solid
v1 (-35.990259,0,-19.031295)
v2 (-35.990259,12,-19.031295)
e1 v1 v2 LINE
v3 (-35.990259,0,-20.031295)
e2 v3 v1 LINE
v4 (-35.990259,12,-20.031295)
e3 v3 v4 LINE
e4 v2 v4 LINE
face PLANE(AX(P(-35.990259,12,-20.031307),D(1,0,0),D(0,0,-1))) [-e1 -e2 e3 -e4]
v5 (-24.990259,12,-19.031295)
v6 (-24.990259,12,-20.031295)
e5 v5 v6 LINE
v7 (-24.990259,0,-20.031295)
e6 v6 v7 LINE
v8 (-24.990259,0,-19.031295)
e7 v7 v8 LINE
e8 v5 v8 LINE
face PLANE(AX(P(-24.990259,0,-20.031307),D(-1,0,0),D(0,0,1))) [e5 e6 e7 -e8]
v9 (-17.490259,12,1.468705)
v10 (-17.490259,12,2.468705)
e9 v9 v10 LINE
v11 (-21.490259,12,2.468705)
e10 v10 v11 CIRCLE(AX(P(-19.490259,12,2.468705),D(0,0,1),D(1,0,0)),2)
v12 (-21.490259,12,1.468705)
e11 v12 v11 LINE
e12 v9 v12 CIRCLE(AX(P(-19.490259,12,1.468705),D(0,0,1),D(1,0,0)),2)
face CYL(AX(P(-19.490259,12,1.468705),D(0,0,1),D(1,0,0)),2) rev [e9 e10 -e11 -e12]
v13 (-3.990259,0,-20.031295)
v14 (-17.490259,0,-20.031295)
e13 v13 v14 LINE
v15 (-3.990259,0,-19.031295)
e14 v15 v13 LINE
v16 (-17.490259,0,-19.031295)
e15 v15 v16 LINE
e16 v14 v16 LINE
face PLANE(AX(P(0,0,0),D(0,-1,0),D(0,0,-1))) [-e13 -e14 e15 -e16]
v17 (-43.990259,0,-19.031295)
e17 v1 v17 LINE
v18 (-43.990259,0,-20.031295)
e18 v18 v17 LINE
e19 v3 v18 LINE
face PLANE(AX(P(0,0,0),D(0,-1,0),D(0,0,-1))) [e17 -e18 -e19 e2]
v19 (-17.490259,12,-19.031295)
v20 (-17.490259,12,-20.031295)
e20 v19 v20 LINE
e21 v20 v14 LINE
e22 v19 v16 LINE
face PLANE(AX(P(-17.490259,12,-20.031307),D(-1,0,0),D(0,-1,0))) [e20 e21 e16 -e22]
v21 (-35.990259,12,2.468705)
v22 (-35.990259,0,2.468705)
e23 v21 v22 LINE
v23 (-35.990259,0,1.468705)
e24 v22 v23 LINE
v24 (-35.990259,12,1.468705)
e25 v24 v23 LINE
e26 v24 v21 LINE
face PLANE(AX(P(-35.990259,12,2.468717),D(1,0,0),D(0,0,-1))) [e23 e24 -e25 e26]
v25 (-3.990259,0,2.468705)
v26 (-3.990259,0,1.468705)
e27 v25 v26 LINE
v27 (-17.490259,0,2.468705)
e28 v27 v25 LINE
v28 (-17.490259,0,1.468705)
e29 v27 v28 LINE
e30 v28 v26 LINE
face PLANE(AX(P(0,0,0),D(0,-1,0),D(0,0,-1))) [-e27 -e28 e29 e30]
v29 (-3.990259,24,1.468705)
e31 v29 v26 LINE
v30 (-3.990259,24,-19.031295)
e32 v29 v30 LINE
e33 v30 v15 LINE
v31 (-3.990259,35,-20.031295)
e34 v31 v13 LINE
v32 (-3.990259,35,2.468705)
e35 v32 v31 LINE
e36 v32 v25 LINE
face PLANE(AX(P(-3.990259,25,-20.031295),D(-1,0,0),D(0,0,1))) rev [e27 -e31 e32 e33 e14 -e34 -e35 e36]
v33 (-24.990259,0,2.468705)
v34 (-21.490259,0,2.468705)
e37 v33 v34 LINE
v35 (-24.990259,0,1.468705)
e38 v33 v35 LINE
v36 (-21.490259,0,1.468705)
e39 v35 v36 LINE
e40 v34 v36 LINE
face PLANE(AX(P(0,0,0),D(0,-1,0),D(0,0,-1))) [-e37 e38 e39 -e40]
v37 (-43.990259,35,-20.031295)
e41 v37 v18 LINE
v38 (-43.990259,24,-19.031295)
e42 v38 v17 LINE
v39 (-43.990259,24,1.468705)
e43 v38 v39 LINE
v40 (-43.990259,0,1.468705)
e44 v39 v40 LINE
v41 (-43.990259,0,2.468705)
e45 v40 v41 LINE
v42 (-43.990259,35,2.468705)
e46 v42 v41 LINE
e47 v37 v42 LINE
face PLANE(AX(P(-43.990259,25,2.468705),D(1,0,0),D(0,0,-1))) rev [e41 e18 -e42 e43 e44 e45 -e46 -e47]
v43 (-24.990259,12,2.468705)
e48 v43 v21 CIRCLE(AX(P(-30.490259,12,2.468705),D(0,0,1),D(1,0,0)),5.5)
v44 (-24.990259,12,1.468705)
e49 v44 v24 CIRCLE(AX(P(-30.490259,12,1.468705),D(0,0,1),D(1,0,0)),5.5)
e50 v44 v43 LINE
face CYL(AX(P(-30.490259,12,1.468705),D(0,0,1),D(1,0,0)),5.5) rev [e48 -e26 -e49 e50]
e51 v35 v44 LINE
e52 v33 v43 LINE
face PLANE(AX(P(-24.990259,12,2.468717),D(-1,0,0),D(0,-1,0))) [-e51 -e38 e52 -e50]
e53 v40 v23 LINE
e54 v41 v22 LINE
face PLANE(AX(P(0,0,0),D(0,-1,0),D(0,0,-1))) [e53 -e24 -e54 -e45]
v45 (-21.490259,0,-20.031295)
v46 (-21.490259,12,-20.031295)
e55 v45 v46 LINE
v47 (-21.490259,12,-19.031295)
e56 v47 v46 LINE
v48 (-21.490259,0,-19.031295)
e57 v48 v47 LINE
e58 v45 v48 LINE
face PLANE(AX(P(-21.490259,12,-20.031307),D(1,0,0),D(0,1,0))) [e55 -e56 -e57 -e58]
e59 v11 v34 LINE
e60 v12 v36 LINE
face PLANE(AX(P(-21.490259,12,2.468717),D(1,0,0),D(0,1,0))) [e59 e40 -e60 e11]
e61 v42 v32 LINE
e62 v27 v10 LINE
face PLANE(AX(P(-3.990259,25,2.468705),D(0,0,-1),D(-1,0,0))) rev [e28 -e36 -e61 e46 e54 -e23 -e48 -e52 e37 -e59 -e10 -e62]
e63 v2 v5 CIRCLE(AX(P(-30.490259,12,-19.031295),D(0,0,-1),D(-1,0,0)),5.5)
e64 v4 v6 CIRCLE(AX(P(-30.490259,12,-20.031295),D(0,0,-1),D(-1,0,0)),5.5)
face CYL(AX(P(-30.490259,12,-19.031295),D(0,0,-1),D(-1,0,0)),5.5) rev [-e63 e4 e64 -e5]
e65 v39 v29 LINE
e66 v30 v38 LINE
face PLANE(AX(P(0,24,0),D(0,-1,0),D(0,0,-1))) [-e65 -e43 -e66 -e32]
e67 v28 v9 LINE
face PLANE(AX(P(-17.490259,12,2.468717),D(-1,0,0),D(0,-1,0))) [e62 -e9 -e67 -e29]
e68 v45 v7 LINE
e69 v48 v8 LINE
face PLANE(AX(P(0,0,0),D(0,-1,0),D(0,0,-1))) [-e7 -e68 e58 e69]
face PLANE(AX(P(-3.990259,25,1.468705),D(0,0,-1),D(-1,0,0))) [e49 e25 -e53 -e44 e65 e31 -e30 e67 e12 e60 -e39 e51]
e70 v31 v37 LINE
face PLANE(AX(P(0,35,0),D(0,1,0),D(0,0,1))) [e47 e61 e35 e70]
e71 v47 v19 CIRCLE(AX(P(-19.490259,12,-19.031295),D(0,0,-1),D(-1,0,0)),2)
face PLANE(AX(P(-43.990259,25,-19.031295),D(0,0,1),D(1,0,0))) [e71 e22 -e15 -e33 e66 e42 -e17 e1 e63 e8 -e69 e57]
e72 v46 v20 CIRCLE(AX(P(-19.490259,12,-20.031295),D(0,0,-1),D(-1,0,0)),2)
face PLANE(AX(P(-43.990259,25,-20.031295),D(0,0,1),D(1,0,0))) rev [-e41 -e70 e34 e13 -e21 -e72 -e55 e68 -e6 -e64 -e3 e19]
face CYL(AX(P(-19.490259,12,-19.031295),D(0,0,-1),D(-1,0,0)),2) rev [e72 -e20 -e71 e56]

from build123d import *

# Parameters (mm, degrees)
SKETCH_2_W                = 40
SKETCH_2_H                = 22.5
EXTRUDE_2_DEPTH           = 25
SHELL_3_T                 = -1
CUT_EXTRUDE_2_DEPTH       = 56.37502058
CUT_EXTRUDE_2_DEPTH_BACK  = 1
CUT_EXTRUDE_10_DEPTH      = 56.37502058
CUT_EXTRUDE_10_DEPTH_BACK = 1
SKETCH_6_W                = 40
SKETCH_6_H                = 22.5
EXTRUDE_3_DEPTH           = 10


with BuildPart() as part:
    # 草图2 → 凸台-拉伸2 (new body)
    with BuildSketch(Plane(origin=(0, 0, 0), x_dir=(1, 0, 0), z_dir=(0, 1, 0))):
        with Locations((-23.990259198, 8.7812953)):
            Rectangle(SKETCH_2_W, SKETCH_2_H)
    extrude(amount=EXTRUDE_2_DEPTH)

    # 抽壳3
    shell_3_openings = [part.faces().sort_by_distance(p)[0] for p in [
        (-23.990259198, 0, -8.7812953),
        (-3.990259198, 12.5, -8.7812953),
        (-43.990259198, 12.5, -8.7812953),
    ]]
    offset(amount=SHELL_3_T, openings=shell_3_openings, kind=Kind.INTERSECTION)

    # 草图4 → 切除-拉伸2 (cut, two sides: drawn at the far end of the back side and taken through both)
    with BuildSketch(Plane.XY.offset(2.4687047).offset(-CUT_EXTRUDE_2_DEPTH_BACK)):
        with BuildLine():
            Line((-24.990259198, 12), (-24.990259198, 0))
            Line((-24.990259198, 0), (-35.990259198, 0))
            Line((-35.990259198, 0), (-35.990259198, 12))
            ThreePointArc((-35.990259198, 12), (-30.490259198, 17.5), (-24.990259198, 12))
        make_face()
        with BuildLine():
            Line((-21.490259198, 12), (-21.490259198, 0))
            Line((-21.490259198, 0), (-17.490259198, 0))
            Line((-17.490259198, 0), (-17.490259198, 12))
            ThreePointArc((-17.490259198, 12), (-19.490259198, 14), (-21.490259198, 12))
        make_face()
    extrude(amount=CUT_EXTRUDE_2_DEPTH + CUT_EXTRUDE_2_DEPTH_BACK, mode=Mode.SUBTRACT)

    # 草图5 → 切除-拉伸10 (cut, two sides: drawn at the far end of the back side and taken through both)
    with BuildSketch(Plane(origin=(0, 0, -20.0312953), x_dir=(-1, 0, 0), z_dir=(0, 0, -1)).offset(-CUT_EXTRUDE_10_DEPTH_BACK)):
        with BuildLine():
            Line((35.990259198, 12), (35.990259198, 0))
            Line((35.990259198, 0), (24.990259198, 0))
            Line((24.990259198, 0), (24.990259198, 12))
            ThreePointArc((24.990259198, 12), (30.490259198, 17.5), (35.990259198, 12))
        make_face()
        with BuildLine():
            Line((17.490259198, 12), (17.490259198, 0))
            Line((17.490259198, 0), (21.490259198, 0))
            Line((21.490259198, 0), (21.490259198, 12))
            ThreePointArc((21.490259198, 12), (19.490259198, 14), (17.490259198, 12))
        make_face()
    extrude(amount=CUT_EXTRUDE_10_DEPTH + CUT_EXTRUDE_10_DEPTH_BACK, mode=Mode.SUBTRACT)

    # 草图6 → 凸台-拉伸3 (add)
    with BuildSketch(Plane(origin=(0, 25, 0), x_dir=(1, 0, 0), z_dir=(0, 1, 0))):
        with Locations((-23.990259198, 8.7812953)):
            Rectangle(SKETCH_6_W, SKETCH_6_H)
    extrude(amount=EXTRUDE_3_DEPTH)


solid = part.part
